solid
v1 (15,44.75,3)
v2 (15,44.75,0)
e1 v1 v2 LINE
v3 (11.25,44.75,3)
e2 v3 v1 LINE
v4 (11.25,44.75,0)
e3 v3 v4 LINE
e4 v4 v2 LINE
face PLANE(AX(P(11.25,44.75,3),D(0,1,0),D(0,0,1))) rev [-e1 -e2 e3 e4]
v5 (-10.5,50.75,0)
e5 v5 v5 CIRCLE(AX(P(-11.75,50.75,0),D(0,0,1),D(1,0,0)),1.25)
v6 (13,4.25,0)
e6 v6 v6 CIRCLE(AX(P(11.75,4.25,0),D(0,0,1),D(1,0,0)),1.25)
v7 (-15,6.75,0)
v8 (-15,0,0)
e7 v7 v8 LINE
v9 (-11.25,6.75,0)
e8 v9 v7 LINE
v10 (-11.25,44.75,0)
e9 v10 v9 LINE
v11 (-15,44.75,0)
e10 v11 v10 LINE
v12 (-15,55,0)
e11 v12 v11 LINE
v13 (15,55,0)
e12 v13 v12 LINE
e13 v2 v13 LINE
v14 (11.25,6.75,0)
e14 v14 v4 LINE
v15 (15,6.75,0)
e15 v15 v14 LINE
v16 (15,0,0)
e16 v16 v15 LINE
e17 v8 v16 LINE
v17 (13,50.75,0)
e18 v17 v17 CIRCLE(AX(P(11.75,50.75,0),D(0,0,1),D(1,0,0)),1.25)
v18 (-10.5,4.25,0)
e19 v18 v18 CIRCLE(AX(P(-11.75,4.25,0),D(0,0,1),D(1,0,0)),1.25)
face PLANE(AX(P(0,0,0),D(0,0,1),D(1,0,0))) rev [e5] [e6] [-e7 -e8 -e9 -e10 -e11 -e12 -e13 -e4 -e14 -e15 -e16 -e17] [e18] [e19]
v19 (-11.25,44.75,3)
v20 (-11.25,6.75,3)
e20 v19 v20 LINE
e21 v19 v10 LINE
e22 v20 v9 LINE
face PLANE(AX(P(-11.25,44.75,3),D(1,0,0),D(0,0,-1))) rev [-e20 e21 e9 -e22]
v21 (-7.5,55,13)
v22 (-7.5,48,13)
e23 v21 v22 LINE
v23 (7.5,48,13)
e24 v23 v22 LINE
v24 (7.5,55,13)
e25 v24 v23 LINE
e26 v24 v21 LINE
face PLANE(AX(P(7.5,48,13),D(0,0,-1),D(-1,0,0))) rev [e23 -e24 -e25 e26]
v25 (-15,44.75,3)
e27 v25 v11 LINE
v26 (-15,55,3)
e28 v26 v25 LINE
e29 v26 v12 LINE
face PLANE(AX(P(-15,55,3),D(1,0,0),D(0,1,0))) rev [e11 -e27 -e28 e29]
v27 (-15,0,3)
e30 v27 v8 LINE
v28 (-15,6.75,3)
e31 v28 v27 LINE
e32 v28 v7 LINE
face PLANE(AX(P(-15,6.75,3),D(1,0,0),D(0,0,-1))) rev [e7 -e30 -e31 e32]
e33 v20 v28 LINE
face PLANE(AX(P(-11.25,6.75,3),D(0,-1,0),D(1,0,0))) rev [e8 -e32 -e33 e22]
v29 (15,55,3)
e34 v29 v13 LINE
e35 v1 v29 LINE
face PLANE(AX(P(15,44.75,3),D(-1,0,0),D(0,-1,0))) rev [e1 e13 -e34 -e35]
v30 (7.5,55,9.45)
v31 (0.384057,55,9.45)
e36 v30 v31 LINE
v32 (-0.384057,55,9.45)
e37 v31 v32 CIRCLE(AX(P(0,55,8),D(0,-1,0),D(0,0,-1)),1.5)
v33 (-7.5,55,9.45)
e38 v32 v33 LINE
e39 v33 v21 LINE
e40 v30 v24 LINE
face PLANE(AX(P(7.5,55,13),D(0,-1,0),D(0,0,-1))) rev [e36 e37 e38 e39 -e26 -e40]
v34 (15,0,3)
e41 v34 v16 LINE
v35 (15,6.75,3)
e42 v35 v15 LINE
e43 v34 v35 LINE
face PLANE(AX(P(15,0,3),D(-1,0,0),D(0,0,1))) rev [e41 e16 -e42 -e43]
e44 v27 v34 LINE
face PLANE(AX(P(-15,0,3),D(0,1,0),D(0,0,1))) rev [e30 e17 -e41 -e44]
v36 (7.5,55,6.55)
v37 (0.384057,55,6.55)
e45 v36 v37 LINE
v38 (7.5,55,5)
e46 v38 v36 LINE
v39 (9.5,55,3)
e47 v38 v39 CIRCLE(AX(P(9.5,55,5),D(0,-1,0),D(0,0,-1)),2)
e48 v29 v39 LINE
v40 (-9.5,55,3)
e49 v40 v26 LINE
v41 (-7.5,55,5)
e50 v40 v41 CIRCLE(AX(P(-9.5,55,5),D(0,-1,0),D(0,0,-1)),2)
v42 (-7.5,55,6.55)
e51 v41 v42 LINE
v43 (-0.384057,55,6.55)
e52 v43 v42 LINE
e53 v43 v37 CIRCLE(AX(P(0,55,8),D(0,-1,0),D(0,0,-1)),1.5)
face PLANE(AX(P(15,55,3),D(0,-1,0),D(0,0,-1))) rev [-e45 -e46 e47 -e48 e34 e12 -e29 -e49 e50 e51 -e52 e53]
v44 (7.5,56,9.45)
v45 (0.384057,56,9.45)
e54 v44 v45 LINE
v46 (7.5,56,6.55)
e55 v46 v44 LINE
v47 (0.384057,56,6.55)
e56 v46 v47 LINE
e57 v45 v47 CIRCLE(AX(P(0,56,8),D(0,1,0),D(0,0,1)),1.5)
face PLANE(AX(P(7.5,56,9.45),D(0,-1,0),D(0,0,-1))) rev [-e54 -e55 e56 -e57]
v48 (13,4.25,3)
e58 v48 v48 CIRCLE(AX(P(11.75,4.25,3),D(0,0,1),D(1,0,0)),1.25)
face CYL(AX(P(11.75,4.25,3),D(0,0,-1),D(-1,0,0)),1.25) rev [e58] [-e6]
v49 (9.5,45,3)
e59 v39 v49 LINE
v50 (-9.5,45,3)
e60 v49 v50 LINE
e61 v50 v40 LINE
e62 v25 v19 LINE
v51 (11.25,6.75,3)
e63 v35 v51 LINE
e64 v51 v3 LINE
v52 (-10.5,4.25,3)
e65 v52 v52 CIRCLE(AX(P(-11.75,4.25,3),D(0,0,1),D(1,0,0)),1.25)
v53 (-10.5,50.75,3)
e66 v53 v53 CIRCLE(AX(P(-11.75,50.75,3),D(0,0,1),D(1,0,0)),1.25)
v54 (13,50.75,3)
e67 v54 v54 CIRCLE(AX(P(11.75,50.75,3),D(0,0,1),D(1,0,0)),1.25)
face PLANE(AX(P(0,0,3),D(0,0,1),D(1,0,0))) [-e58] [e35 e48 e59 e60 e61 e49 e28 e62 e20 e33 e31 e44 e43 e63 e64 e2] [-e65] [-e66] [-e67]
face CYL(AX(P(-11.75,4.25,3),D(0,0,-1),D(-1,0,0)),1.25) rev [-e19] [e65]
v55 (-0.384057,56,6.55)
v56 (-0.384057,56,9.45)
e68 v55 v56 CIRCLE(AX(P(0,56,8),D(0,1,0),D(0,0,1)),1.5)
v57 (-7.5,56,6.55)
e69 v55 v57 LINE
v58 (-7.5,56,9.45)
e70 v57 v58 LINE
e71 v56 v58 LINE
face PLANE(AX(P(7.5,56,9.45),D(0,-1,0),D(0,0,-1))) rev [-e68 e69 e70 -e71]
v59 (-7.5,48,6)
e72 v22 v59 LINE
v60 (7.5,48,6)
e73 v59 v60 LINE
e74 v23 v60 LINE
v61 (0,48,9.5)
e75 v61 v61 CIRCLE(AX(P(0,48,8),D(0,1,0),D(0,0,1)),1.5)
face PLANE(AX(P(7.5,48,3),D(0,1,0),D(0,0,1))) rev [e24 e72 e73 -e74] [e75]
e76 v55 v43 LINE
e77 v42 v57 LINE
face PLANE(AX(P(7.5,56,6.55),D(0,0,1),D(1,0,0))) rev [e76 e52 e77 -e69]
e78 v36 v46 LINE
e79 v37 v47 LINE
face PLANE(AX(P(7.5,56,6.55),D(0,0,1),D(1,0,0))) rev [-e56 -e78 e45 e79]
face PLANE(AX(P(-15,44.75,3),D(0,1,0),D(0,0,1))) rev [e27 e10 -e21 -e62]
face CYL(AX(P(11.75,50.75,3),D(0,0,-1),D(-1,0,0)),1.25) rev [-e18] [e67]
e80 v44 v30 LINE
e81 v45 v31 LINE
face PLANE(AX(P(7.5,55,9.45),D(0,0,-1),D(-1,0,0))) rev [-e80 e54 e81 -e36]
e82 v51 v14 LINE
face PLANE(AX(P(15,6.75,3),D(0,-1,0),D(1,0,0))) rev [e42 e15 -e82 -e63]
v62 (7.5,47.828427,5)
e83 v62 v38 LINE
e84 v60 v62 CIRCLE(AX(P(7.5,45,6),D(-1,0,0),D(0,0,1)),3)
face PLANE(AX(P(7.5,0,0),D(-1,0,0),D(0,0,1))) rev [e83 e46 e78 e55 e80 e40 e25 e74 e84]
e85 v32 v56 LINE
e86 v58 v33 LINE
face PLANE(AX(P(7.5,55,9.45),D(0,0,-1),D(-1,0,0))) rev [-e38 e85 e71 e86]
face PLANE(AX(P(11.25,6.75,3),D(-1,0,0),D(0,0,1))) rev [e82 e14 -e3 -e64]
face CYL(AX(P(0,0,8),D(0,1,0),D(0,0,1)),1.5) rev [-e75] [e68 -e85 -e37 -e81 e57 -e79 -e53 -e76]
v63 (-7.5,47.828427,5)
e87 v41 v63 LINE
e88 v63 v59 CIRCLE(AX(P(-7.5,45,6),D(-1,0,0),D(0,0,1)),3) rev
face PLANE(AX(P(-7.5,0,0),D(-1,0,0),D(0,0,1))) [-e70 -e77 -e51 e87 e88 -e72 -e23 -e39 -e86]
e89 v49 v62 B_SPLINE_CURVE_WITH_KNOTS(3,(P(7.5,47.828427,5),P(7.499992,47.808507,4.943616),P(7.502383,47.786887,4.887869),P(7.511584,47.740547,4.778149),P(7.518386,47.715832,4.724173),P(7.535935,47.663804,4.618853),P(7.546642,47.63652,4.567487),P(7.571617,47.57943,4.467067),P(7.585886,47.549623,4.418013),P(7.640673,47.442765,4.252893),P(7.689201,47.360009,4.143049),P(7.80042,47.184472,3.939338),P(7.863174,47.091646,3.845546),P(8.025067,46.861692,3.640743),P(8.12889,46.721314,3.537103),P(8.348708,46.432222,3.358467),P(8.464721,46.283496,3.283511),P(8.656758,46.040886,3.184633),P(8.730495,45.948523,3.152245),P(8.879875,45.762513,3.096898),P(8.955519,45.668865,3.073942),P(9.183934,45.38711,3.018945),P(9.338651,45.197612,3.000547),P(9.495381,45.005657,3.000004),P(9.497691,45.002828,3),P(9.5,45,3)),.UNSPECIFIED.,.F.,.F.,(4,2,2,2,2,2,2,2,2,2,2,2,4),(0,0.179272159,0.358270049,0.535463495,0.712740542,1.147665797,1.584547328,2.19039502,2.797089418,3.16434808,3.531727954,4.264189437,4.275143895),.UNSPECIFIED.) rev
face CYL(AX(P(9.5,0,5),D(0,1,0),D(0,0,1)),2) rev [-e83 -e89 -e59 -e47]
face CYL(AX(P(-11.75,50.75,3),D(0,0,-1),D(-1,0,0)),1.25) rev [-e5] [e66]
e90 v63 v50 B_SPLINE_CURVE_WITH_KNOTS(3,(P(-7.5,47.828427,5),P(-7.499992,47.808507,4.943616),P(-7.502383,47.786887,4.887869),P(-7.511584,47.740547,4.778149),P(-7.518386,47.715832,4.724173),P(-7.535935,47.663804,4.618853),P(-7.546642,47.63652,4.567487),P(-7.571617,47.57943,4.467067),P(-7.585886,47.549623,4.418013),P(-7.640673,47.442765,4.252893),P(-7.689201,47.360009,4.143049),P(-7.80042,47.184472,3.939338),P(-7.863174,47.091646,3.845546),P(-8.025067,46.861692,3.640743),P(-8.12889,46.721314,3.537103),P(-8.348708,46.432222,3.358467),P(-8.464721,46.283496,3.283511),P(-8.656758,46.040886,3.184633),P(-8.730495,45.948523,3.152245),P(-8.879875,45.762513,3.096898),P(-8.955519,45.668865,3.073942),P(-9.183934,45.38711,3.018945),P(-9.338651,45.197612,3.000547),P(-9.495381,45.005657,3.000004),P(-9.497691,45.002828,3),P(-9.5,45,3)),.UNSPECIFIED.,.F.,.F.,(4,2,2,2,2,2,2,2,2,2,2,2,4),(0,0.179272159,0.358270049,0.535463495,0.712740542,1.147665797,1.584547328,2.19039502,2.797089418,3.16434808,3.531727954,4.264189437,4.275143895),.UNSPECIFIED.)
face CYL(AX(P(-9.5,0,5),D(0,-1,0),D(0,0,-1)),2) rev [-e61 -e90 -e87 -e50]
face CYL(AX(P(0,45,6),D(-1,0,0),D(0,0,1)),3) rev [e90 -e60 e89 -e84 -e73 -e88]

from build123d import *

# Parameters (mm, degrees)
SKETCH1_R              = 1.25
MAIN_DEPTH             = 3
MAKERBEAMSUPPORT_DEPTH = 7.5
FILLET1_R              = 3
FILLET2_R              = 2
SKETCH3_R              = 1.5
CUT_EXTRUDE1_DEPTH     = 57


with BuildPart() as part:
    # Sketch1 → Main (new body)
    with BuildSketch(Plane.XY):
        Polygon((-15, 55), (-15, 44.75), (-11.25, 44.75), (-11.25, 6.75), (-15, 6.75), (-15, 0), (15, 0), (15, 6.75), (11.25, 6.75), (11.25, 44.75), (15, 44.75), (15, 55), align=None)
        with Locations((-11.75, 50.75)):
            Circle(SKETCH1_R, mode=Mode.SUBTRACT)
        with Locations((11.75, 50.75)):
            Circle(SKETCH1_R, mode=Mode.SUBTRACT)
        with Locations((11.75, 4.25)):
            Circle(SKETCH1_R, mode=Mode.SUBTRACT)
        with Locations((-11.75, 4.25)):
            Circle(SKETCH1_R, mode=Mode.SUBTRACT)
    extrude(amount=MAIN_DEPTH)

    # Sketch2 → MakerBeamSupport (add, symmetric)
    with BuildSketch(Plane(origin=(0, 0, 0), x_dir=(0, 0, -1), z_dir=(1, 0, 0))):
        Polygon((-13, 55), (-9.45, 55), (-9.45, 56), (-6.55, 56), (-6.55, 55), (-3, 55), (-3, 48), (-13, 48), align=None)
    extrude(amount=MAKERBEAMSUPPORT_DEPTH, both=True)

    # Fillet1
    fillet1_edges = [part.edges().sort_by_distance(p)[0] for p in [
        (0, 48, 3),
    ]]
    fillet(fillet1_edges, radius=FILLET1_R)

    # Fillet2
    fillet2_edges = [part.edges().sort_by_distance(p)[0] for p in [
        (-7.5, 51.5, 3),
        (7.5, 51.5, 3),
    ]]
    fillet(fillet2_edges, radius=FILLET2_R)

    # Sketch3 → Cut-Extrude1 (cut, through all)
    with BuildSketch(Plane(origin=(0, 56, 0), x_dir=(1, 0, 0), z_dir=(0, 1, 0))):
        with Locations((0, -8)):
            Circle(SKETCH3_R)
    extrude(amount=-CUT_EXTRUDE1_DEPTH, mode=Mode.SUBTRACT)


solid = part.part
